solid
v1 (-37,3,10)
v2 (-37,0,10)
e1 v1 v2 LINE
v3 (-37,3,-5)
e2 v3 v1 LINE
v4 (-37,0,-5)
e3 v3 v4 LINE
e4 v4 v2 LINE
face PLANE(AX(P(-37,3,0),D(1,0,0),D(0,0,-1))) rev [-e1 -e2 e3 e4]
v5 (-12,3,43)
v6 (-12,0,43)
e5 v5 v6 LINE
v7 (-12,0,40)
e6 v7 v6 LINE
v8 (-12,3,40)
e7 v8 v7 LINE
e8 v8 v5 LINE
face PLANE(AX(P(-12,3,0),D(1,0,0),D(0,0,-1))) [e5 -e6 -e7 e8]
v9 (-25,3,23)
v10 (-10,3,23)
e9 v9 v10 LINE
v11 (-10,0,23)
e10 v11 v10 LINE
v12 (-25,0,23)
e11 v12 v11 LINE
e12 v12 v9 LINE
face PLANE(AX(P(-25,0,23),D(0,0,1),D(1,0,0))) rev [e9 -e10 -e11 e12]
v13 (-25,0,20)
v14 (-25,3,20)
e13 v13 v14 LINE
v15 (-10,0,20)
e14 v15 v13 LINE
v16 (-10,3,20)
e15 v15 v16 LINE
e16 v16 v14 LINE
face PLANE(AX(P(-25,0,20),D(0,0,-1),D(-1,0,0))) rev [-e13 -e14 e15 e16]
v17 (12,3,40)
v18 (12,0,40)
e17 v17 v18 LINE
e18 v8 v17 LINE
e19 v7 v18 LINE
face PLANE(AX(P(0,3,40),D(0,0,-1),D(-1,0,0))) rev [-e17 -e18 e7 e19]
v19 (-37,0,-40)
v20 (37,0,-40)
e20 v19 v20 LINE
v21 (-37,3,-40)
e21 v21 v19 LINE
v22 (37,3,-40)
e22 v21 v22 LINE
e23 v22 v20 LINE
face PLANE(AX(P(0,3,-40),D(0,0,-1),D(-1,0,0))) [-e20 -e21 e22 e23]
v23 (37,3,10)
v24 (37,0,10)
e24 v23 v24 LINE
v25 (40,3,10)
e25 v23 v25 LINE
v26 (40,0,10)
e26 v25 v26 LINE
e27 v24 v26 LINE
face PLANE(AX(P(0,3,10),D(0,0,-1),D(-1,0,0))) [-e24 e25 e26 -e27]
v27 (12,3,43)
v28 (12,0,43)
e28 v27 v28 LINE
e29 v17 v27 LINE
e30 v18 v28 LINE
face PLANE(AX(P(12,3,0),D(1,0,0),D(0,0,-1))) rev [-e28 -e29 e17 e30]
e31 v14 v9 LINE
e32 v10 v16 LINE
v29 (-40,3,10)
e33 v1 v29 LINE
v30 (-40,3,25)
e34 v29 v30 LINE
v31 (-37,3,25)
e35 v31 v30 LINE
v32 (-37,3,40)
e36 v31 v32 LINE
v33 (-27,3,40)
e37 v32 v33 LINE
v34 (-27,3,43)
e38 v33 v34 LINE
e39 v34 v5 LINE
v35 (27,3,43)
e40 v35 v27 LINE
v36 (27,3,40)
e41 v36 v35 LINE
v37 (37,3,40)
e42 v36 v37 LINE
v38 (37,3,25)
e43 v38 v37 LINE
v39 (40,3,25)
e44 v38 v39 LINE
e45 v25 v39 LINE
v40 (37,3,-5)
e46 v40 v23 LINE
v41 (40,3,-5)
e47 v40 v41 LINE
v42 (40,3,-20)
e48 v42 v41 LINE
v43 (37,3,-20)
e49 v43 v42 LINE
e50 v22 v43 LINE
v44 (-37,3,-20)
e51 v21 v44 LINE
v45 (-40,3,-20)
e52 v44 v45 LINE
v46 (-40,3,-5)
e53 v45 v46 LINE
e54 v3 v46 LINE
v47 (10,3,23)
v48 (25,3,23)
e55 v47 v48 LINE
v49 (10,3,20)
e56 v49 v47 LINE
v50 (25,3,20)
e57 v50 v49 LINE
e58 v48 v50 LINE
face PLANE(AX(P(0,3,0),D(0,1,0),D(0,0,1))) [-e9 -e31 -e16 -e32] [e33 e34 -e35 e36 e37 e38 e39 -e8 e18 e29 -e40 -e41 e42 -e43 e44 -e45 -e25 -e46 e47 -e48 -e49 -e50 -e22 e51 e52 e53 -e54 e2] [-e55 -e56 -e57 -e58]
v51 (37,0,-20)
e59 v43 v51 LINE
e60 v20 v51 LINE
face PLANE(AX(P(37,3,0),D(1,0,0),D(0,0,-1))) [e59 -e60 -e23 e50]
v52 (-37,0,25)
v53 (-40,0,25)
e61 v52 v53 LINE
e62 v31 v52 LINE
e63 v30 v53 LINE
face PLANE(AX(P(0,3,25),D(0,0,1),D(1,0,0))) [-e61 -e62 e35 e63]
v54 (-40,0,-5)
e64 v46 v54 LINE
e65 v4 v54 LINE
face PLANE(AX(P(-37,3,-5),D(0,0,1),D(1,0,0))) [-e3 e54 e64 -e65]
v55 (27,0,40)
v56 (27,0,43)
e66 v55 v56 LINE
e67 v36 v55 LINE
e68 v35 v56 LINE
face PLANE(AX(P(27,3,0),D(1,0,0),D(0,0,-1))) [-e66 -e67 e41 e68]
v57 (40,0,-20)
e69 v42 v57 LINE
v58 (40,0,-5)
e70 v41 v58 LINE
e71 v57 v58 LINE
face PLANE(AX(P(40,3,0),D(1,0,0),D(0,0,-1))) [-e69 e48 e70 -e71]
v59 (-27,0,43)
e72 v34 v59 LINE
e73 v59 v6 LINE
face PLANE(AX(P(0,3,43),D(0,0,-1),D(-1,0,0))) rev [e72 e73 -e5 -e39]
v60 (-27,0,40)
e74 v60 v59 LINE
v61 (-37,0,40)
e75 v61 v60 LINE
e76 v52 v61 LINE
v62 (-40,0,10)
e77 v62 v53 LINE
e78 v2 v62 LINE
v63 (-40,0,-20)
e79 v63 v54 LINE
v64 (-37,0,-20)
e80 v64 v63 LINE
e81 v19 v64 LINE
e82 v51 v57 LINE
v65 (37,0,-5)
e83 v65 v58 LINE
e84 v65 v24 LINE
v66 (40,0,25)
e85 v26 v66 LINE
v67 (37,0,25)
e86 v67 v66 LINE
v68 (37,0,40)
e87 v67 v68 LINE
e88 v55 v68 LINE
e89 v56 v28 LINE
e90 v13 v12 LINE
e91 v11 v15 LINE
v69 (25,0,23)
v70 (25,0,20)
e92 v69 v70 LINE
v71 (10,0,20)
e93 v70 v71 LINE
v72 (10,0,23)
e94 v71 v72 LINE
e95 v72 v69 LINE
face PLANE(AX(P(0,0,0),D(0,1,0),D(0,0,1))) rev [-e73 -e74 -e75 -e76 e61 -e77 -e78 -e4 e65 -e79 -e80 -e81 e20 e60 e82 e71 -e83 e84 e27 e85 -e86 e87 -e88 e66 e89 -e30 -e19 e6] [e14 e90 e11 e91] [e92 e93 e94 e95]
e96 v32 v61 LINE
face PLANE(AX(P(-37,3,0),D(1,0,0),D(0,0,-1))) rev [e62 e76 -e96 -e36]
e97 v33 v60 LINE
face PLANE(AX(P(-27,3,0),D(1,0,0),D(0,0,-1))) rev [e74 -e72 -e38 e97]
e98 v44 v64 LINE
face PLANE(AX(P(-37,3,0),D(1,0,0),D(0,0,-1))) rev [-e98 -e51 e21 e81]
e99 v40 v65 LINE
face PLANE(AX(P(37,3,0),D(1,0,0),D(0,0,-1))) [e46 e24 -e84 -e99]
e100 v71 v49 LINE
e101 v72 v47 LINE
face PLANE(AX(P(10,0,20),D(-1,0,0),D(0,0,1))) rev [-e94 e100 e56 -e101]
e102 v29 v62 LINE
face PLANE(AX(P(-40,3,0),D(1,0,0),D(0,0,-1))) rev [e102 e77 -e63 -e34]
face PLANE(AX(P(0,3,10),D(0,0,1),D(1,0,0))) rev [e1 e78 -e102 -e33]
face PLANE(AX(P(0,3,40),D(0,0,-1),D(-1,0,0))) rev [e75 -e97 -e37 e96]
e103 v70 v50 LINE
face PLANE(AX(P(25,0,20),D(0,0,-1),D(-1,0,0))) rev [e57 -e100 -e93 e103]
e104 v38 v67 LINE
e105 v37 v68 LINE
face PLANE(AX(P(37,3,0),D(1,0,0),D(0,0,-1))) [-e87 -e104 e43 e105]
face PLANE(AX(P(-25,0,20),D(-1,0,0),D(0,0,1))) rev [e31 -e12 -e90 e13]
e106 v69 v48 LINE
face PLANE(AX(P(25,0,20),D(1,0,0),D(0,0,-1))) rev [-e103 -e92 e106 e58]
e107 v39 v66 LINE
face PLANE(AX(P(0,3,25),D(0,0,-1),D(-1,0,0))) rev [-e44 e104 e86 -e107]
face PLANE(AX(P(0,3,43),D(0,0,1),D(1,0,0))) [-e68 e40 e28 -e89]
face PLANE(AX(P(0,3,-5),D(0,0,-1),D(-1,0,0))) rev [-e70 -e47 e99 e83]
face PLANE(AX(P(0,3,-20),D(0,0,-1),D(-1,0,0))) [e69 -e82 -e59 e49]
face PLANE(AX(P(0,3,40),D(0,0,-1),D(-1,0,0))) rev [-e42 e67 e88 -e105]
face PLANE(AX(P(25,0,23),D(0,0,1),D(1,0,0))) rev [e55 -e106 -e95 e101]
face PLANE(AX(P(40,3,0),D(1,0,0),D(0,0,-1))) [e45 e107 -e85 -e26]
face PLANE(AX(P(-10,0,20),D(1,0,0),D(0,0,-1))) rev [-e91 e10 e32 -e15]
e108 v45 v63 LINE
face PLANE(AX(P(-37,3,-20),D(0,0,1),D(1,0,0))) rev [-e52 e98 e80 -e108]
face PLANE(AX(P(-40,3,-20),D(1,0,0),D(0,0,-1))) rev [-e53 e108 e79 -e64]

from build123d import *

# Parameters (mm, degrees)
SKETCH_1_W          = 74
SKETCH_1_H          = 80
SKETCH_1_W_2        = 3
SKETCH_1_H_2        = 15
SKETCH_1_W_3        = 15
SKETCH_1_H_3        = 3
EXTRUDE_1_DEPTH     = 3
SKETCH_2_W          = 15
SKETCH_2_H          = 3
CUT_EXTRUDE_1_DEPTH = 3


with BuildPart() as part:
    # 草图1 → 凸台-拉伸1 (new body)
    with BuildSketch(Plane(origin=(0, 0, 0), x_dir=(1, 0, 0), z_dir=(0, 1, 0))):
        Rectangle(SKETCH_1_W, SKETCH_1_H)
        with Locations((-38.5, -17.5)):
            Rectangle(SKETCH_1_W_2, SKETCH_1_H_2)
        with Locations((-19.5, -41.5)):
            Rectangle(SKETCH_1_W_3, SKETCH_1_H_3)
        with Locations((19.5, -41.5)):
            Rectangle(SKETCH_1_W_3, SKETCH_1_H_3)
        with Locations((38.5, -17.5)):
            Rectangle(SKETCH_1_W_2, SKETCH_1_H_2)
        with Locations((38.5, 12.5)):
            Rectangle(SKETCH_1_W_2, SKETCH_1_H_2)
        with Locations((-38.5, 12.5)):
            Rectangle(SKETCH_1_W_2, SKETCH_1_H_2)
    extrude(amount=EXTRUDE_1_DEPTH)

    # 草图2 → 切除-拉伸1 (cut)
    with BuildSketch(Plane(origin=(0, 3, 0), x_dir=(1, 0, 0), z_dir=(0, 1, 0))):
        with Locations((-17.5, -21.5)):
            Rectangle(SKETCH_2_W, SKETCH_2_H)
        with Locations((17.5, -21.5)):
            Rectangle(SKETCH_2_W, SKETCH_2_H)
    extrude(amount=-CUT_EXTRUDE_1_DEPTH, mode=Mode.SUBTRACT)


solid = part.part
